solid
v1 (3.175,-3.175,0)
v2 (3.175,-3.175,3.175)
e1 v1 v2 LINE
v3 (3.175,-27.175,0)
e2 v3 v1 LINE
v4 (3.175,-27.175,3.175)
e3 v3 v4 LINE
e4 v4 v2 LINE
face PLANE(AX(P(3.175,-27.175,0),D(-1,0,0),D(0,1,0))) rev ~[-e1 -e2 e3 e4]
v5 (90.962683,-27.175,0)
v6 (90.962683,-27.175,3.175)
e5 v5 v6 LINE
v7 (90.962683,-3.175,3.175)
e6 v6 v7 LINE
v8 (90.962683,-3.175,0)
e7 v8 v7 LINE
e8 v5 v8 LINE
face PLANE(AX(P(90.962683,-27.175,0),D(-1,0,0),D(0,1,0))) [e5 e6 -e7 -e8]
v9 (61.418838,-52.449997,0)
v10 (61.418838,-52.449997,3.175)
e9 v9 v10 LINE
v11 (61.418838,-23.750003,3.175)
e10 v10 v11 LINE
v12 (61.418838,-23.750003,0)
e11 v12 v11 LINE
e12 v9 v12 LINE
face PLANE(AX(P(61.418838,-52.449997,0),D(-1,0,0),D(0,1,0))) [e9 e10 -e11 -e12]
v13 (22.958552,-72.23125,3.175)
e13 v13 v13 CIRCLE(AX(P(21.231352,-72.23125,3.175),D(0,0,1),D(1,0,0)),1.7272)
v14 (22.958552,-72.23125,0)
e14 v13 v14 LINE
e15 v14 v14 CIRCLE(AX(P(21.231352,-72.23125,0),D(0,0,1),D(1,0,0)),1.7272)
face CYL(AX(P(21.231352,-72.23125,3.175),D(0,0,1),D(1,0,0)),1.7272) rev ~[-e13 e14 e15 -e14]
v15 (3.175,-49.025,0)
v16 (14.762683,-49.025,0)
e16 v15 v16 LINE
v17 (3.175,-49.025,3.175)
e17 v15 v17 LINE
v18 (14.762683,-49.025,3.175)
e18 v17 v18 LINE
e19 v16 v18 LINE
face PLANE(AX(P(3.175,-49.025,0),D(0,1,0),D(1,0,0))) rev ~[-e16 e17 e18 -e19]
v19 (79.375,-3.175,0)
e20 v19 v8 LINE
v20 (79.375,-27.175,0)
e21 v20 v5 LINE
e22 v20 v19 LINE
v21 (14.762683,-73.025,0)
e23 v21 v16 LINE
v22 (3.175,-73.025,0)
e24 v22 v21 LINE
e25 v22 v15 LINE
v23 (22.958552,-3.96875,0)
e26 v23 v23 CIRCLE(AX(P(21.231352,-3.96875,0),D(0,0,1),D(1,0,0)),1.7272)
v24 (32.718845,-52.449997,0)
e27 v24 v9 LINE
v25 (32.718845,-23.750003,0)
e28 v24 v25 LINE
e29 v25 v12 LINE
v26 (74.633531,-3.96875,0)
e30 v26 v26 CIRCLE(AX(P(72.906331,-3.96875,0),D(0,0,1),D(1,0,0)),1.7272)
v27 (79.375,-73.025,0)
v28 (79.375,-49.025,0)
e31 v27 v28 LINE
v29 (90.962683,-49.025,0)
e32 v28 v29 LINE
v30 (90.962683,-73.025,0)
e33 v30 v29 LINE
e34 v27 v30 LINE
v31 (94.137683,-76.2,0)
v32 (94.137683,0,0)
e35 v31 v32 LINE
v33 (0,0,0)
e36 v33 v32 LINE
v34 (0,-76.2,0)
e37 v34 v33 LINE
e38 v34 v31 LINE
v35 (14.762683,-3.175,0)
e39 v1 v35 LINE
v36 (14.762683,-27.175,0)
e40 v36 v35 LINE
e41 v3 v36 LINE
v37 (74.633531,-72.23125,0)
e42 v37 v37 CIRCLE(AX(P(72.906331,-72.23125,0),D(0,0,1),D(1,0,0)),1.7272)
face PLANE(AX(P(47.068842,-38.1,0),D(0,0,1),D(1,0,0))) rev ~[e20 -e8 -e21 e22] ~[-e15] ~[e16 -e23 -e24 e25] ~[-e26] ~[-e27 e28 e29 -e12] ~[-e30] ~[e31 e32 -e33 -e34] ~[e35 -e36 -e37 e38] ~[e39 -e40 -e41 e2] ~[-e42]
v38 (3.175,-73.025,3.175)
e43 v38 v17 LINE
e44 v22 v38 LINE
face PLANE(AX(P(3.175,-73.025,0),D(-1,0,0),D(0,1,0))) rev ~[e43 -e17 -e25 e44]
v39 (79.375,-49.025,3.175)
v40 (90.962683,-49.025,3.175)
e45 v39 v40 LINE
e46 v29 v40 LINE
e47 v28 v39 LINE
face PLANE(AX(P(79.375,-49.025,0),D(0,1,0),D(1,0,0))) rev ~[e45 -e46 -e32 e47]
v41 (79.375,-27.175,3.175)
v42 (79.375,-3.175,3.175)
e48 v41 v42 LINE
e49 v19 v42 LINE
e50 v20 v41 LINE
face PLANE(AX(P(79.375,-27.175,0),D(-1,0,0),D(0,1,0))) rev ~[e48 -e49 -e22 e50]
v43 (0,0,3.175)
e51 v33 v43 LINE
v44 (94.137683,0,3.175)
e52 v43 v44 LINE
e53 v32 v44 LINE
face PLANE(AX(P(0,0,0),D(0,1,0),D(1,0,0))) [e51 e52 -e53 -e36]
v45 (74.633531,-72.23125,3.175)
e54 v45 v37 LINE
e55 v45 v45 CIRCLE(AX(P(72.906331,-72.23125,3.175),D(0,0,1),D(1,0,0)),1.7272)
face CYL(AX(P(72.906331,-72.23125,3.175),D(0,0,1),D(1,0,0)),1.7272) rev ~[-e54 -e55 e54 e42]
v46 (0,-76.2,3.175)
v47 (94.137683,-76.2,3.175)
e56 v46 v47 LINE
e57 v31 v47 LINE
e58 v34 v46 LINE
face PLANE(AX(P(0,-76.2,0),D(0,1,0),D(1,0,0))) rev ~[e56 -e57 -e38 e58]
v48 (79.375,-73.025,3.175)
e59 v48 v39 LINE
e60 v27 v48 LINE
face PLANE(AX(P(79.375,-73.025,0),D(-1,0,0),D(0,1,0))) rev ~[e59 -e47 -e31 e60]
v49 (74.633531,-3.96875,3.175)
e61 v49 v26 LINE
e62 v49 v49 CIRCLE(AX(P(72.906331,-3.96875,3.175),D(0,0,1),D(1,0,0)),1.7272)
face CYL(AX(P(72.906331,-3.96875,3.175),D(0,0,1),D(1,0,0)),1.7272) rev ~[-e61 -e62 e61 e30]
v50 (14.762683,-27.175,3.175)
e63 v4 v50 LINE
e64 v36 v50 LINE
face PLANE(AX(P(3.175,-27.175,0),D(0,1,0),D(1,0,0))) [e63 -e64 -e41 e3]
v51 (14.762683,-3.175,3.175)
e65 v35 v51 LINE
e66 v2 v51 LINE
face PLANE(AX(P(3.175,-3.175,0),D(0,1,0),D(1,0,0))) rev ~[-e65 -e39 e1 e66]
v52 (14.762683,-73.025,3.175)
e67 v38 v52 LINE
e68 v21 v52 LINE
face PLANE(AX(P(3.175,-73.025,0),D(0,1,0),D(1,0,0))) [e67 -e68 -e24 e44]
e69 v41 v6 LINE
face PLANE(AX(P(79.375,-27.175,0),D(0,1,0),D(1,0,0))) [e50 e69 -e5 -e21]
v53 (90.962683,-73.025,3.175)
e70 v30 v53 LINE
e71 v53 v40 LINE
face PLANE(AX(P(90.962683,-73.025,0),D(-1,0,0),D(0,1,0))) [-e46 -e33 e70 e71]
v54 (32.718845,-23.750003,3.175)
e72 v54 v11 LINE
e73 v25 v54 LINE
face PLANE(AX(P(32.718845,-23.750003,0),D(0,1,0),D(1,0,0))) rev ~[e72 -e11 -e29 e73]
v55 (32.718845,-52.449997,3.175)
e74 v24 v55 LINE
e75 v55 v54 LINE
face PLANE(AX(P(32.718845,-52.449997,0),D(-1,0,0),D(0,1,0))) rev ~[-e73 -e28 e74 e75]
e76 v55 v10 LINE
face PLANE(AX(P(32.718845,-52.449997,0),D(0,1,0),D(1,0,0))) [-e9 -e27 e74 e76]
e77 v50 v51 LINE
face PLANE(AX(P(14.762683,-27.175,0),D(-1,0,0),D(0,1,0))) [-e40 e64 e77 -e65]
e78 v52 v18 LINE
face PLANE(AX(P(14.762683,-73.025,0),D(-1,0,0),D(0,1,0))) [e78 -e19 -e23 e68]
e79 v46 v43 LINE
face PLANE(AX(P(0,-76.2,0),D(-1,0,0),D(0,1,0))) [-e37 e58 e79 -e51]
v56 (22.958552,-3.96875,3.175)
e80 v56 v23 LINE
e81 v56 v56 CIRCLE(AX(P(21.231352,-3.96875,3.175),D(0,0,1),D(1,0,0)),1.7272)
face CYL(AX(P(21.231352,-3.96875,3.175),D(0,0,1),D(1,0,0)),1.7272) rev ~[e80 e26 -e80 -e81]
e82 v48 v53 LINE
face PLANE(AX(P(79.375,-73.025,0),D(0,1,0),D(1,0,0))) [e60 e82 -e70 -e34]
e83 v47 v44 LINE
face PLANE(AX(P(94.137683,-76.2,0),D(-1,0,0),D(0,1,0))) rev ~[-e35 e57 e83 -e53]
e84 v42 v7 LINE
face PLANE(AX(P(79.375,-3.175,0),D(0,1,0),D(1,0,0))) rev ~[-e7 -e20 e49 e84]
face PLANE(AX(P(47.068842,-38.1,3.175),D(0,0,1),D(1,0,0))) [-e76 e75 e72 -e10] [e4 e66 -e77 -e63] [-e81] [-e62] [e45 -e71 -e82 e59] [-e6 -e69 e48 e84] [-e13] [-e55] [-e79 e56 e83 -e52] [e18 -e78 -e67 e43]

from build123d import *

# Parameters (mm, degrees)
F0_W     = 94.1376832
F0_H     = 76.2
F0_W_2   = 11.5876832
F0_H_2   = 24
F0_W_3   = 28.6999934
F0_H_3   = 28.6999934
F1_DEPTH = 3.175
F2_R     = 1.7272
F3_DEPTH = 3.175


with BuildPart() as f1:
    # F0 (on Top) → F1 (new body)
    with BuildSketch(Plane.XY):
        with Locations((47.0688416, -38.1)):
            Rectangle(F0_W, F0_H)
        with Locations((8.9688416, -61.025)):
            Rectangle(F0_W_2, F0_H_2, mode=Mode.SUBTRACT)
        with Locations((85.1688416, -61.025)):
            Rectangle(F0_W_2, F0_H_2, mode=Mode.SUBTRACT)
        with Locations((47.0688416, -38.1)):
            Rectangle(F0_W_3, F0_H_3, mode=Mode.SUBTRACT)
        with Locations((8.9688416, -15.175)):
            Rectangle(F0_W_2, F0_H_2, mode=Mode.SUBTRACT)
        with Locations((85.1688416, -15.175)):
            Rectangle(F0_W_2, F0_H_2, mode=Mode.SUBTRACT)
    extrude(amount=F1_DEPTH)

    # F2 (on face) → F3 (cut, through all)
    with BuildSketch(Plane.XY.offset(3.175)):
        with Locations((21.231352, -3.96875)):
            Circle(F2_R)
        with Locations((72.9063312, -3.96875)):
            Circle(F2_R)
        with Locations((72.9063312, -72.23125)):
            Circle(F2_R)
        with Locations((21.231352, -72.23125)):
            Circle(F2_R)
    extrude(amount=-F3_DEPTH, mode=Mode.SUBTRACT)


solid = f1.part
